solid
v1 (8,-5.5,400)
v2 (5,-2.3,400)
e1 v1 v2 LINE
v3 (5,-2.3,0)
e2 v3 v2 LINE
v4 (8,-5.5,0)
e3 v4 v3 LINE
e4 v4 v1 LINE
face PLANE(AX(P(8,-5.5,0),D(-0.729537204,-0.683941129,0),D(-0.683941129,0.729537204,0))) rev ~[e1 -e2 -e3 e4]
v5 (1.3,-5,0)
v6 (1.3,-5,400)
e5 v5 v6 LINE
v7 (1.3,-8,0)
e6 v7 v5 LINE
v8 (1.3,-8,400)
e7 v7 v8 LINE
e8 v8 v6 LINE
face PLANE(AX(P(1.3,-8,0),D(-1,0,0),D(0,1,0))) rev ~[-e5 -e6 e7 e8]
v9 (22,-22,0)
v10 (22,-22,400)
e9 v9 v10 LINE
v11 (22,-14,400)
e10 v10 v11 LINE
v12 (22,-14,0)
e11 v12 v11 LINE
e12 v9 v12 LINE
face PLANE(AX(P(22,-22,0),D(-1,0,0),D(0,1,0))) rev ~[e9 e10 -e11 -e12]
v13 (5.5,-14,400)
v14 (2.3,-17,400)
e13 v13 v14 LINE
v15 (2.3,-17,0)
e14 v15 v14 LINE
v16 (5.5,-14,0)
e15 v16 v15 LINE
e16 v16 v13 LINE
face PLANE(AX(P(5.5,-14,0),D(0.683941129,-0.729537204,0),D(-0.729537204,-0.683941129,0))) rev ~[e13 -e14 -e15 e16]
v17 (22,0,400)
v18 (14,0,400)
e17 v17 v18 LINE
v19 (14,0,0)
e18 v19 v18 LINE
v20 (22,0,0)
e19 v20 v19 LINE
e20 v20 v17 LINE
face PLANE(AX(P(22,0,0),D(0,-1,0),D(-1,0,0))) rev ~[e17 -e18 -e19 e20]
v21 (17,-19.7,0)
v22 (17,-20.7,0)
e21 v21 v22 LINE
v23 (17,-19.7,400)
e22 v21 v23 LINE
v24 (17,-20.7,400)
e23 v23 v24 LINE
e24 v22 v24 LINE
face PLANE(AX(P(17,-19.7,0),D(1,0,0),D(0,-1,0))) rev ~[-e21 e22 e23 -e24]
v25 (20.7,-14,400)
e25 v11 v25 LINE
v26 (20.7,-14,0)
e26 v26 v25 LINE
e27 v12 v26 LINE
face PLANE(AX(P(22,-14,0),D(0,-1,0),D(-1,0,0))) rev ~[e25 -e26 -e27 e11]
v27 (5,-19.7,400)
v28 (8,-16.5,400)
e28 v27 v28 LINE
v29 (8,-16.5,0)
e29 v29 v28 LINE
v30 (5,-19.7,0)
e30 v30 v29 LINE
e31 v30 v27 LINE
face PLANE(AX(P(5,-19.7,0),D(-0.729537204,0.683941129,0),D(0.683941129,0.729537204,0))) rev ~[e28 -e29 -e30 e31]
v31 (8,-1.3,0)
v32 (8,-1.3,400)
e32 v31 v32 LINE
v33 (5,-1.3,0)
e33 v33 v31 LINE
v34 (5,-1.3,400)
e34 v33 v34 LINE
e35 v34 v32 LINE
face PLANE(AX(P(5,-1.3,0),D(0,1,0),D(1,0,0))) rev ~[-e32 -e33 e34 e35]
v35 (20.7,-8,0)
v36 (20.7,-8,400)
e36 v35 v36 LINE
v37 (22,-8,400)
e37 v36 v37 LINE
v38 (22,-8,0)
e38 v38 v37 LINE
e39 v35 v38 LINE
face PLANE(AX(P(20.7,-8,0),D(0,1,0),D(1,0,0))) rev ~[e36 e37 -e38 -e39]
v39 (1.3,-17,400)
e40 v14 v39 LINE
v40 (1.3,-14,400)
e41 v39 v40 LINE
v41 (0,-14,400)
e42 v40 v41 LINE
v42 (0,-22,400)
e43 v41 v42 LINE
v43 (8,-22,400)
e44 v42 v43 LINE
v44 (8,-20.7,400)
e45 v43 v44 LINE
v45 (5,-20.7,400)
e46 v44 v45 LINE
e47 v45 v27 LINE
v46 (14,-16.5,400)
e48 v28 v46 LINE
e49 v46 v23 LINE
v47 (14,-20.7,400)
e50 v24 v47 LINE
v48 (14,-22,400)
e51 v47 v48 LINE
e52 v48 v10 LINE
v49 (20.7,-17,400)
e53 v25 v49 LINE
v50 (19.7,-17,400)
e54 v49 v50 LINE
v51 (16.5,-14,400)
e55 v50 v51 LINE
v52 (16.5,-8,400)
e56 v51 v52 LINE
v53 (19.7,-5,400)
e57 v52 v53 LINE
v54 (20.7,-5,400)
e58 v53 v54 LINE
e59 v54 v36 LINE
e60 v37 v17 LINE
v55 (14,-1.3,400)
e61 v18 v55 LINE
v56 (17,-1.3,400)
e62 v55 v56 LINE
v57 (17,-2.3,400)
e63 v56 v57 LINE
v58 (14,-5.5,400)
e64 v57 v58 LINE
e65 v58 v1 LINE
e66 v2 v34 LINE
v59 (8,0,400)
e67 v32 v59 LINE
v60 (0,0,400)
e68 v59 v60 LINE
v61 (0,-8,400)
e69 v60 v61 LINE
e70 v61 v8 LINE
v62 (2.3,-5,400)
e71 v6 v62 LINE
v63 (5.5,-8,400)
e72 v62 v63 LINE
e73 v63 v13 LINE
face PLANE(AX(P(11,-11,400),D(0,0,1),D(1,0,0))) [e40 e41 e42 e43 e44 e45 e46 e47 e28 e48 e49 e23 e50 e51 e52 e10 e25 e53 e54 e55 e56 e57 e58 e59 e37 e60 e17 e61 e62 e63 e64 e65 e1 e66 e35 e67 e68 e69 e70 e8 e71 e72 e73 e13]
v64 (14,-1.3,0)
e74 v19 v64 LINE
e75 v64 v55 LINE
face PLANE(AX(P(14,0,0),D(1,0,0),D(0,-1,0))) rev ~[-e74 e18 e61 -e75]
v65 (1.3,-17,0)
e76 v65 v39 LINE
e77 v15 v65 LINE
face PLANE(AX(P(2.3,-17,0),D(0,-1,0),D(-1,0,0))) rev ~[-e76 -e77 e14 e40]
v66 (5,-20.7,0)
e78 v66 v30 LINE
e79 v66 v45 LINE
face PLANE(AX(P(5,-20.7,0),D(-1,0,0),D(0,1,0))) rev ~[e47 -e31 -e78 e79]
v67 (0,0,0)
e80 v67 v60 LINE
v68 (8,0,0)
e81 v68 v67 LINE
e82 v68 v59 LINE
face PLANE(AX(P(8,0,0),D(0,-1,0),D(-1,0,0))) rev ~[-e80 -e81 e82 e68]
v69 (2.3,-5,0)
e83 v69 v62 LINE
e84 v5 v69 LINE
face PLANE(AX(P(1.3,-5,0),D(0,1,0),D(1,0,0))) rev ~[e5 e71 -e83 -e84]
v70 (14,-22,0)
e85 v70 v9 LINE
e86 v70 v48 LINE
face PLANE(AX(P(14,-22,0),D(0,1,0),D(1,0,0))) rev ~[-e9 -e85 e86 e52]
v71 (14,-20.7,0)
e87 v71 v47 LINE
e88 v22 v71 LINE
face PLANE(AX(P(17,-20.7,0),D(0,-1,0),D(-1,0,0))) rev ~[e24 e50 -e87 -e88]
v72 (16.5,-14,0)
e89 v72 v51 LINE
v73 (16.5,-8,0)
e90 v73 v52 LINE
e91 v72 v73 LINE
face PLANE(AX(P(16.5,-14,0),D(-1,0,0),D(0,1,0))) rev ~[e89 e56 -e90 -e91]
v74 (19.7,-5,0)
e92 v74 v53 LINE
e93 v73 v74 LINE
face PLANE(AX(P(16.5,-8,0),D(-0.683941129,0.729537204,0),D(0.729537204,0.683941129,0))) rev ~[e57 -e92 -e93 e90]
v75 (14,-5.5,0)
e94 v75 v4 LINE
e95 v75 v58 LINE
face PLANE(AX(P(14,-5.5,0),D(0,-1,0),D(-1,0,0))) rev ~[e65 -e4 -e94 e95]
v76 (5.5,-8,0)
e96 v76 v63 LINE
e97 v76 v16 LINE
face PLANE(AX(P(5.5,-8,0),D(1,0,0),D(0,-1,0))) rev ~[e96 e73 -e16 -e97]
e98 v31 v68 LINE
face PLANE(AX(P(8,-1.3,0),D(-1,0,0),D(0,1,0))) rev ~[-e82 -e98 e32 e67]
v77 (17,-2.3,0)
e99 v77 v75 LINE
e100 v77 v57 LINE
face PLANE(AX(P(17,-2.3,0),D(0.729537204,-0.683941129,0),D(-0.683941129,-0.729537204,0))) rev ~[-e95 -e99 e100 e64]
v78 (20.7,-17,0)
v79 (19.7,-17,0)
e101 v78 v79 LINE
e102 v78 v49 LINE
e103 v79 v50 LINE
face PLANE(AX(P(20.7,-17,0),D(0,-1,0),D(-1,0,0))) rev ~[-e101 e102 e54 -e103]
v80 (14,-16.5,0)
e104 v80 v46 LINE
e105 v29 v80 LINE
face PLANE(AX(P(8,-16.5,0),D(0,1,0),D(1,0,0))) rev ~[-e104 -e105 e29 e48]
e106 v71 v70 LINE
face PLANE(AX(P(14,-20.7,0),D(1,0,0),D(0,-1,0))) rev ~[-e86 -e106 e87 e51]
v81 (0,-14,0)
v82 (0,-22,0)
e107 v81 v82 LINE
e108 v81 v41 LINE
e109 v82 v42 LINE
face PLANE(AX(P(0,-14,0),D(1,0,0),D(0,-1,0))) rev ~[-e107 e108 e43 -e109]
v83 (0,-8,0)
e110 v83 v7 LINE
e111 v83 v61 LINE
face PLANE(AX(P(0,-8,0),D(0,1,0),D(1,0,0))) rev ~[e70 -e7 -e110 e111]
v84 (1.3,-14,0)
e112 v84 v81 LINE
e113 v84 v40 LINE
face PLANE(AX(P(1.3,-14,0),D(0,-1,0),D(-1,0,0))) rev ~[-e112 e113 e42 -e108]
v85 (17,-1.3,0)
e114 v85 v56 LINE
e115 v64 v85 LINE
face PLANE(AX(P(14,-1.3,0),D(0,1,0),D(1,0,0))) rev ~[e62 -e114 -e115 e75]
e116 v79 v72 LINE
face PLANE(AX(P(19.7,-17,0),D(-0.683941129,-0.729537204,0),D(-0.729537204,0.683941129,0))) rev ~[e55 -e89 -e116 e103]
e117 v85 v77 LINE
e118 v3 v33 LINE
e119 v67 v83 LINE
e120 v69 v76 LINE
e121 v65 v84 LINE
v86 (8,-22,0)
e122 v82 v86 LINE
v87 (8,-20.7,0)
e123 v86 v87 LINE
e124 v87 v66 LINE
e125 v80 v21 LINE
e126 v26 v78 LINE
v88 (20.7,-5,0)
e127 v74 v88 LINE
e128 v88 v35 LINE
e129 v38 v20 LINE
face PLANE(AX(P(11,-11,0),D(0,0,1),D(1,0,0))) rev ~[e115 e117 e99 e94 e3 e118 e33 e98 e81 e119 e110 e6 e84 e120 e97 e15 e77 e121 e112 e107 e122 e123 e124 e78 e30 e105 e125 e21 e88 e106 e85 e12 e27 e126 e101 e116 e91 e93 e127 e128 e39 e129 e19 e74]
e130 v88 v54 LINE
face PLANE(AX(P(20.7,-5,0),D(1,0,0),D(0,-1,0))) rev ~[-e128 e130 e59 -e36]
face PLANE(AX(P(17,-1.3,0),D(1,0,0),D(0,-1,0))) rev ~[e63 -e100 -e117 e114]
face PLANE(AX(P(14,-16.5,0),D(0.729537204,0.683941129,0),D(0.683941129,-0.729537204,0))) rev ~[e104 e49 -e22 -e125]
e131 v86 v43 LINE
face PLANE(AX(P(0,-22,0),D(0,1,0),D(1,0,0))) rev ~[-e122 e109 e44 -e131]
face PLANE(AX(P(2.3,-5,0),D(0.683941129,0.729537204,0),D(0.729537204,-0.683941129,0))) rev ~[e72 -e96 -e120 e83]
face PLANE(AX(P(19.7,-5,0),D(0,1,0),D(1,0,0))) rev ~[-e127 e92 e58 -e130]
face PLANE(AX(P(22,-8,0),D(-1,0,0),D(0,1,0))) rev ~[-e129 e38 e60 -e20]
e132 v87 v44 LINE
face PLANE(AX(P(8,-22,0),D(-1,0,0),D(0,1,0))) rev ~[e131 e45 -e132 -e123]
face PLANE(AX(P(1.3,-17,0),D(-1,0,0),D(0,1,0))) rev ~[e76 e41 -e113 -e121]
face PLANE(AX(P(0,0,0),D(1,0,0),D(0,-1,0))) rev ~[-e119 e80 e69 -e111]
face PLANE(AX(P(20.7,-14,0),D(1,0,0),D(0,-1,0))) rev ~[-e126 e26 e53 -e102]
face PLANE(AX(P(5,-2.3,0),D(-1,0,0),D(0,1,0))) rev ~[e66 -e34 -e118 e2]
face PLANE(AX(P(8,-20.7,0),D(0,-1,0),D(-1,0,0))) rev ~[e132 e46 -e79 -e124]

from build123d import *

# Parameters (mm, degrees)
BOSS_EXTRUDE1_DEPTH = 400


with BuildPart() as part:
    # Sketch1 → Boss-Extrude1 (new body)
    with BuildSketch(Plane.XY):
        Polygon((22, 0), (14, 0), (14, -1.3), (17, -1.3), (17, -2.3), (14, -5.5), (8, -5.5), (5, -2.3), (5, -1.3), (8, -1.3), (8, 0), (0, 0), (0, -8), (1.3, -8), (1.3, -5), (2.3, -5), (5.5, -8), (5.5, -14), (2.3, -17), (1.3, -17), (1.3, -14), (0, -14), (0, -22), (8, -22), (8, -20.7), (5, -20.7), (5, -19.7), (8, -16.5), (14, -16.5), (17, -19.7), (17, -20.7), (14, -20.7), (14, -22), (22, -22), (22, -14), (20.7, -14), (20.7, -17), (19.7, -17), (16.5, -14), (16.5, -8), (19.7, -5), (20.7, -5), (20.7, -8), (22, -8), align=None)
    extrude(amount=BOSS_EXTRUDE1_DEPTH)


solid = part.part
